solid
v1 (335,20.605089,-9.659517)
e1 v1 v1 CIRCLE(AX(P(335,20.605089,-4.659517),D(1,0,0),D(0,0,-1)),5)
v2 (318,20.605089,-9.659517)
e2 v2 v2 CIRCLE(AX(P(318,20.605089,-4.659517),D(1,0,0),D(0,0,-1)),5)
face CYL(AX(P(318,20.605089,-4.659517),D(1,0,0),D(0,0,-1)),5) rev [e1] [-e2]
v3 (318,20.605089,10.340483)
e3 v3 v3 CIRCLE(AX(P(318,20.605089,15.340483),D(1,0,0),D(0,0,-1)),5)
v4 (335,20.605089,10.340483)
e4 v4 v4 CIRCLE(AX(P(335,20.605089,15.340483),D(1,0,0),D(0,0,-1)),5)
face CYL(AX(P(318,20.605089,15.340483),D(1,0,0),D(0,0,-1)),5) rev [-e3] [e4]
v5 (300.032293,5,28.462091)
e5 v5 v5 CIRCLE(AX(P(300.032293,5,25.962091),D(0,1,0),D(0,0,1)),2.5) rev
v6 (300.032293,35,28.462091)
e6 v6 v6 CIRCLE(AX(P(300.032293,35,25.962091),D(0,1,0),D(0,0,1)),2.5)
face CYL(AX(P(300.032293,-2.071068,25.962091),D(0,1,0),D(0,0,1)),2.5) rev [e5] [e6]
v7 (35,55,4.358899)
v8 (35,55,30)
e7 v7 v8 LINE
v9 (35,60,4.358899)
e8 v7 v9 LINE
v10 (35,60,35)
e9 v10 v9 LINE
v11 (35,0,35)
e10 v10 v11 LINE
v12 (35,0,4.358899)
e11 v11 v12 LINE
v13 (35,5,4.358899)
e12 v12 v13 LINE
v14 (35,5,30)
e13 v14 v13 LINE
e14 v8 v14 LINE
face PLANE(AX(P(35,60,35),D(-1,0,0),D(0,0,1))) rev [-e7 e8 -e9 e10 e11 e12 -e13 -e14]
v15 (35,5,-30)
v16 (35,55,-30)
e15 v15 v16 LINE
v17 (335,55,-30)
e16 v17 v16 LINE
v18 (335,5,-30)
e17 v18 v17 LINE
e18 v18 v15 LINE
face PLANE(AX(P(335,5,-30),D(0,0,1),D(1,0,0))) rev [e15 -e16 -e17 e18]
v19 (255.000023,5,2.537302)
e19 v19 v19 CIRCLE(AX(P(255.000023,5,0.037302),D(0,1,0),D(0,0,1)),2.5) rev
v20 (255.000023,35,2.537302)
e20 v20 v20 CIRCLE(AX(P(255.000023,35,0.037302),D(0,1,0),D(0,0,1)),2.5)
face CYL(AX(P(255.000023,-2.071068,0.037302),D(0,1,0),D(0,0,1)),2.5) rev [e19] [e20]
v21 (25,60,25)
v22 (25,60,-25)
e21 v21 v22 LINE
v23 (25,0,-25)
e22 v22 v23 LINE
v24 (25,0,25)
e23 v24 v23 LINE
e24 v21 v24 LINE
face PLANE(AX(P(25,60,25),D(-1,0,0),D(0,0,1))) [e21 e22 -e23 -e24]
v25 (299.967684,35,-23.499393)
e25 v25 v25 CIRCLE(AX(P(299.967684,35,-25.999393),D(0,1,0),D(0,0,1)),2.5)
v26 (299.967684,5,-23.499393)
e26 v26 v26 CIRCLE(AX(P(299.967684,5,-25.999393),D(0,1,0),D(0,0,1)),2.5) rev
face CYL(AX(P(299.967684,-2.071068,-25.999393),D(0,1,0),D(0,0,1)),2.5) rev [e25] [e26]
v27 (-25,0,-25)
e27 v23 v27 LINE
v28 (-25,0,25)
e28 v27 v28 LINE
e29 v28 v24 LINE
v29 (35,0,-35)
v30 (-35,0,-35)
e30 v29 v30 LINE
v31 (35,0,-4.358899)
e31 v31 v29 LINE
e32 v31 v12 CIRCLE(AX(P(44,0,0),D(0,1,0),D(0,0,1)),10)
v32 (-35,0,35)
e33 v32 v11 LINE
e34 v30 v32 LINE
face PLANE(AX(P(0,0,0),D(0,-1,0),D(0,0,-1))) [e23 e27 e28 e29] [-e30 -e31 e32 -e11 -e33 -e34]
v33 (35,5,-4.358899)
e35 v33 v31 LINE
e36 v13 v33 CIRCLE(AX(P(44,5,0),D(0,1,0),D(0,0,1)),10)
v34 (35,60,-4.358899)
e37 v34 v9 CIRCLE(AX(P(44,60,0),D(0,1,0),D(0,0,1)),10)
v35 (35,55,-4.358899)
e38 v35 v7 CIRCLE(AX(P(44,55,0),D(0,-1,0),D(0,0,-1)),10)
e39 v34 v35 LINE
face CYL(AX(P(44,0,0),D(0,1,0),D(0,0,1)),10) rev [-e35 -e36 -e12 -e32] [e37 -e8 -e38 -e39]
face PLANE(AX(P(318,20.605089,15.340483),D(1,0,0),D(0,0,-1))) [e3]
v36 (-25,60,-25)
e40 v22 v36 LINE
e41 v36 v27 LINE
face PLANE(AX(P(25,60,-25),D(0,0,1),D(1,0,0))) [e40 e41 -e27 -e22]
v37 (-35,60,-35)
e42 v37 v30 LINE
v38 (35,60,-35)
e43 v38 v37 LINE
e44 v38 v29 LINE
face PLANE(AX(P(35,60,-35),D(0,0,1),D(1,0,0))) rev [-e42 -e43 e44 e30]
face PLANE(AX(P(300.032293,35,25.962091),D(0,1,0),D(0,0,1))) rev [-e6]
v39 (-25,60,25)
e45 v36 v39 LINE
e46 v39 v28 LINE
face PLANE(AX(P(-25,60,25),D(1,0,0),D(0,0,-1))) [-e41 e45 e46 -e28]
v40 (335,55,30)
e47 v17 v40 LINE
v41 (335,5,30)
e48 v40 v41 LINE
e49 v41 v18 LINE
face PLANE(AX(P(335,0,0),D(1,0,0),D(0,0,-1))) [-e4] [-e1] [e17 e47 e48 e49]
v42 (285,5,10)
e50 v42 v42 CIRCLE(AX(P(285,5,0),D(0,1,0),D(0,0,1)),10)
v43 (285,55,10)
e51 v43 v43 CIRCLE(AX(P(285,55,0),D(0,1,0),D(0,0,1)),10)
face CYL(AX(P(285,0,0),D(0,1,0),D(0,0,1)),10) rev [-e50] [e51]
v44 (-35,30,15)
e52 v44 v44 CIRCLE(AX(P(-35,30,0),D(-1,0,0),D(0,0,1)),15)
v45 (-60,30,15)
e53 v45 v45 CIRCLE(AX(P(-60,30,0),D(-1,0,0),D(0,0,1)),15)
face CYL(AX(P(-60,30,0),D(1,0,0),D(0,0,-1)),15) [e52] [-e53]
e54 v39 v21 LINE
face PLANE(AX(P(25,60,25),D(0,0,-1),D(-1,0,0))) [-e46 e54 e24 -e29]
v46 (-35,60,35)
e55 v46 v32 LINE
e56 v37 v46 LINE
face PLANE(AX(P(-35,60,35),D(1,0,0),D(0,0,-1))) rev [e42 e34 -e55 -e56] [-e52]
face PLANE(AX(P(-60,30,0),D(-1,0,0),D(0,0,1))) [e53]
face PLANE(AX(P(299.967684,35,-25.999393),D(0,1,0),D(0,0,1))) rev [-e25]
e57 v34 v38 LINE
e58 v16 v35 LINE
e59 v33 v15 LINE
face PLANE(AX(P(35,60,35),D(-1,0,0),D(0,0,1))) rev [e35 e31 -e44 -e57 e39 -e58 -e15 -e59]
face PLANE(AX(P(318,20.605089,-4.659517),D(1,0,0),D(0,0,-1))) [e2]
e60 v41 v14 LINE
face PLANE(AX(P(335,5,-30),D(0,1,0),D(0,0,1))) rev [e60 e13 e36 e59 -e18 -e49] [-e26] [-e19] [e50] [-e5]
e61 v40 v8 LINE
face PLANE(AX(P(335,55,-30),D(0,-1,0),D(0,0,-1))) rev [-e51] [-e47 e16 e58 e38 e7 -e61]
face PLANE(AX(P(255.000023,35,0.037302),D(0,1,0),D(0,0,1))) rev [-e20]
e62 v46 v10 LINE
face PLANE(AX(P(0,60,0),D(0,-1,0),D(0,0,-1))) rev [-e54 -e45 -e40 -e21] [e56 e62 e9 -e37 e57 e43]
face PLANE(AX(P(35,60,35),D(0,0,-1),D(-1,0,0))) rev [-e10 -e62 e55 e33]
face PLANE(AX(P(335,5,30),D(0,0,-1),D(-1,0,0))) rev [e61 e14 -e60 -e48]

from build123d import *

# Parameters (mm, degrees)
SKETCH1_W               = 70
SKETCH1_H               = 70
SKETCH1_W_2             = 50
SKETCH1_H_2             = 50
BOSS_EXTRUDE1_DEPTH     = 60
SKETCH2_W               = 60
SKETCH2_H               = 50
BOSS_EXTRUDE2_DEPTH     = 300
SKETCH3_R               = 15
BOSS_EXTRUDE3_DEPTH     = 25
SKETCH4_R               = 10
CUT_EXTRUDE1_DEPTH      = 56
SKETCH5_R               = 10
CUT_EXTRUDE2_DEPTH      = 6
CUT_EXTRUDE2_DEPTH_BACK = 56
CUT_EXTRUDE3_START      = -20
SKETCH8_R               = 2.5
CUT_EXTRUDE3_DEPTH      = 30
SKETCH9_R               = 5
CUT_EXTRUDE4_DEPTH      = 17


with BuildPart() as part:
    # Sketch1 → Boss-Extrude1 (new body)
    with BuildSketch(Plane(origin=(0, 0, 0), x_dir=(1, 0, 0), z_dir=(0, 1, 0))):
        Rectangle(SKETCH1_W, SKETCH1_H)
        Rectangle(SKETCH1_W_2, SKETCH1_H_2, mode=Mode.SUBTRACT)
    extrude(amount=BOSS_EXTRUDE1_DEPTH)

    # Sketch2 → Boss-Extrude2 (add)
    with BuildSketch(Plane(origin=(35, 0, 0), x_dir=(0, 0, -1), z_dir=(1, 0, 0))):
        with Locations((0, 30)):
            Rectangle(SKETCH2_W, SKETCH2_H)
    extrude(amount=BOSS_EXTRUDE2_DEPTH)

    # Sketch3 → Boss-Extrude3 (add)
    with BuildSketch(Plane.ZY.offset(35)):
        with Locations((0, 30)):
            Circle(SKETCH3_R)
    extrude(amount=BOSS_EXTRUDE3_DEPTH)

    # Sketch4 → Cut-Extrude1 (cut, through all)
    with BuildSketch(Plane(origin=(0, 55, 0), x_dir=(1, 0, 0), z_dir=(0, 1, 0))):
        with Locations((285, 0)):
            Circle(SKETCH4_R)
    extrude(amount=-CUT_EXTRUDE1_DEPTH, mode=Mode.SUBTRACT)

    # Sketch5 → Cut-Extrude2 (cut, two sides)
    with BuildSketch(Plane(origin=(0, 55, 0), x_dir=(1, 0, 0), z_dir=(0, 1, 0))) as cut_extrude2_sk:
        with Locations((44, 0)):
            Circle(SKETCH5_R)
    extrude(amount=CUT_EXTRUDE2_DEPTH, mode=Mode.SUBTRACT)
    extrude(cut_extrude2_sk.sketch, amount=-CUT_EXTRUDE2_DEPTH_BACK, mode=Mode.SUBTRACT)

    # Sketch8 → Cut-Extrude3 (cut)
    with BuildSketch(Plane(origin=(0, 55, 0), x_dir=(1, 0, 0), z_dir=(0, 1, 0)).offset(CUT_EXTRUDE3_START)):
        with Locations((255.00002319, -0.037301815)):
            Circle(SKETCH8_R)
        with Locations((299.967684086, 25.999392937)):
            Circle(SKETCH8_R)
        with Locations((300.032292724, -25.962091123)):
            Circle(SKETCH8_R)
    extrude(amount=-CUT_EXTRUDE3_DEPTH, mode=Mode.SUBTRACT)

    # Sketch9 → Cut-Extrude4 (cut)
    with BuildSketch(Plane(origin=(335, 0, 0), x_dir=(0, 0, -1), z_dir=(1, 0, 0))):
        with Locations((-15.340483078, 20.605088766)):
            Circle(SKETCH9_R)
        with Locations((4.659516922, 20.605088766)):
            Circle(SKETCH9_R)
    extrude(amount=-CUT_EXTRUDE4_DEPTH, mode=Mode.SUBTRACT)


solid = part.part
